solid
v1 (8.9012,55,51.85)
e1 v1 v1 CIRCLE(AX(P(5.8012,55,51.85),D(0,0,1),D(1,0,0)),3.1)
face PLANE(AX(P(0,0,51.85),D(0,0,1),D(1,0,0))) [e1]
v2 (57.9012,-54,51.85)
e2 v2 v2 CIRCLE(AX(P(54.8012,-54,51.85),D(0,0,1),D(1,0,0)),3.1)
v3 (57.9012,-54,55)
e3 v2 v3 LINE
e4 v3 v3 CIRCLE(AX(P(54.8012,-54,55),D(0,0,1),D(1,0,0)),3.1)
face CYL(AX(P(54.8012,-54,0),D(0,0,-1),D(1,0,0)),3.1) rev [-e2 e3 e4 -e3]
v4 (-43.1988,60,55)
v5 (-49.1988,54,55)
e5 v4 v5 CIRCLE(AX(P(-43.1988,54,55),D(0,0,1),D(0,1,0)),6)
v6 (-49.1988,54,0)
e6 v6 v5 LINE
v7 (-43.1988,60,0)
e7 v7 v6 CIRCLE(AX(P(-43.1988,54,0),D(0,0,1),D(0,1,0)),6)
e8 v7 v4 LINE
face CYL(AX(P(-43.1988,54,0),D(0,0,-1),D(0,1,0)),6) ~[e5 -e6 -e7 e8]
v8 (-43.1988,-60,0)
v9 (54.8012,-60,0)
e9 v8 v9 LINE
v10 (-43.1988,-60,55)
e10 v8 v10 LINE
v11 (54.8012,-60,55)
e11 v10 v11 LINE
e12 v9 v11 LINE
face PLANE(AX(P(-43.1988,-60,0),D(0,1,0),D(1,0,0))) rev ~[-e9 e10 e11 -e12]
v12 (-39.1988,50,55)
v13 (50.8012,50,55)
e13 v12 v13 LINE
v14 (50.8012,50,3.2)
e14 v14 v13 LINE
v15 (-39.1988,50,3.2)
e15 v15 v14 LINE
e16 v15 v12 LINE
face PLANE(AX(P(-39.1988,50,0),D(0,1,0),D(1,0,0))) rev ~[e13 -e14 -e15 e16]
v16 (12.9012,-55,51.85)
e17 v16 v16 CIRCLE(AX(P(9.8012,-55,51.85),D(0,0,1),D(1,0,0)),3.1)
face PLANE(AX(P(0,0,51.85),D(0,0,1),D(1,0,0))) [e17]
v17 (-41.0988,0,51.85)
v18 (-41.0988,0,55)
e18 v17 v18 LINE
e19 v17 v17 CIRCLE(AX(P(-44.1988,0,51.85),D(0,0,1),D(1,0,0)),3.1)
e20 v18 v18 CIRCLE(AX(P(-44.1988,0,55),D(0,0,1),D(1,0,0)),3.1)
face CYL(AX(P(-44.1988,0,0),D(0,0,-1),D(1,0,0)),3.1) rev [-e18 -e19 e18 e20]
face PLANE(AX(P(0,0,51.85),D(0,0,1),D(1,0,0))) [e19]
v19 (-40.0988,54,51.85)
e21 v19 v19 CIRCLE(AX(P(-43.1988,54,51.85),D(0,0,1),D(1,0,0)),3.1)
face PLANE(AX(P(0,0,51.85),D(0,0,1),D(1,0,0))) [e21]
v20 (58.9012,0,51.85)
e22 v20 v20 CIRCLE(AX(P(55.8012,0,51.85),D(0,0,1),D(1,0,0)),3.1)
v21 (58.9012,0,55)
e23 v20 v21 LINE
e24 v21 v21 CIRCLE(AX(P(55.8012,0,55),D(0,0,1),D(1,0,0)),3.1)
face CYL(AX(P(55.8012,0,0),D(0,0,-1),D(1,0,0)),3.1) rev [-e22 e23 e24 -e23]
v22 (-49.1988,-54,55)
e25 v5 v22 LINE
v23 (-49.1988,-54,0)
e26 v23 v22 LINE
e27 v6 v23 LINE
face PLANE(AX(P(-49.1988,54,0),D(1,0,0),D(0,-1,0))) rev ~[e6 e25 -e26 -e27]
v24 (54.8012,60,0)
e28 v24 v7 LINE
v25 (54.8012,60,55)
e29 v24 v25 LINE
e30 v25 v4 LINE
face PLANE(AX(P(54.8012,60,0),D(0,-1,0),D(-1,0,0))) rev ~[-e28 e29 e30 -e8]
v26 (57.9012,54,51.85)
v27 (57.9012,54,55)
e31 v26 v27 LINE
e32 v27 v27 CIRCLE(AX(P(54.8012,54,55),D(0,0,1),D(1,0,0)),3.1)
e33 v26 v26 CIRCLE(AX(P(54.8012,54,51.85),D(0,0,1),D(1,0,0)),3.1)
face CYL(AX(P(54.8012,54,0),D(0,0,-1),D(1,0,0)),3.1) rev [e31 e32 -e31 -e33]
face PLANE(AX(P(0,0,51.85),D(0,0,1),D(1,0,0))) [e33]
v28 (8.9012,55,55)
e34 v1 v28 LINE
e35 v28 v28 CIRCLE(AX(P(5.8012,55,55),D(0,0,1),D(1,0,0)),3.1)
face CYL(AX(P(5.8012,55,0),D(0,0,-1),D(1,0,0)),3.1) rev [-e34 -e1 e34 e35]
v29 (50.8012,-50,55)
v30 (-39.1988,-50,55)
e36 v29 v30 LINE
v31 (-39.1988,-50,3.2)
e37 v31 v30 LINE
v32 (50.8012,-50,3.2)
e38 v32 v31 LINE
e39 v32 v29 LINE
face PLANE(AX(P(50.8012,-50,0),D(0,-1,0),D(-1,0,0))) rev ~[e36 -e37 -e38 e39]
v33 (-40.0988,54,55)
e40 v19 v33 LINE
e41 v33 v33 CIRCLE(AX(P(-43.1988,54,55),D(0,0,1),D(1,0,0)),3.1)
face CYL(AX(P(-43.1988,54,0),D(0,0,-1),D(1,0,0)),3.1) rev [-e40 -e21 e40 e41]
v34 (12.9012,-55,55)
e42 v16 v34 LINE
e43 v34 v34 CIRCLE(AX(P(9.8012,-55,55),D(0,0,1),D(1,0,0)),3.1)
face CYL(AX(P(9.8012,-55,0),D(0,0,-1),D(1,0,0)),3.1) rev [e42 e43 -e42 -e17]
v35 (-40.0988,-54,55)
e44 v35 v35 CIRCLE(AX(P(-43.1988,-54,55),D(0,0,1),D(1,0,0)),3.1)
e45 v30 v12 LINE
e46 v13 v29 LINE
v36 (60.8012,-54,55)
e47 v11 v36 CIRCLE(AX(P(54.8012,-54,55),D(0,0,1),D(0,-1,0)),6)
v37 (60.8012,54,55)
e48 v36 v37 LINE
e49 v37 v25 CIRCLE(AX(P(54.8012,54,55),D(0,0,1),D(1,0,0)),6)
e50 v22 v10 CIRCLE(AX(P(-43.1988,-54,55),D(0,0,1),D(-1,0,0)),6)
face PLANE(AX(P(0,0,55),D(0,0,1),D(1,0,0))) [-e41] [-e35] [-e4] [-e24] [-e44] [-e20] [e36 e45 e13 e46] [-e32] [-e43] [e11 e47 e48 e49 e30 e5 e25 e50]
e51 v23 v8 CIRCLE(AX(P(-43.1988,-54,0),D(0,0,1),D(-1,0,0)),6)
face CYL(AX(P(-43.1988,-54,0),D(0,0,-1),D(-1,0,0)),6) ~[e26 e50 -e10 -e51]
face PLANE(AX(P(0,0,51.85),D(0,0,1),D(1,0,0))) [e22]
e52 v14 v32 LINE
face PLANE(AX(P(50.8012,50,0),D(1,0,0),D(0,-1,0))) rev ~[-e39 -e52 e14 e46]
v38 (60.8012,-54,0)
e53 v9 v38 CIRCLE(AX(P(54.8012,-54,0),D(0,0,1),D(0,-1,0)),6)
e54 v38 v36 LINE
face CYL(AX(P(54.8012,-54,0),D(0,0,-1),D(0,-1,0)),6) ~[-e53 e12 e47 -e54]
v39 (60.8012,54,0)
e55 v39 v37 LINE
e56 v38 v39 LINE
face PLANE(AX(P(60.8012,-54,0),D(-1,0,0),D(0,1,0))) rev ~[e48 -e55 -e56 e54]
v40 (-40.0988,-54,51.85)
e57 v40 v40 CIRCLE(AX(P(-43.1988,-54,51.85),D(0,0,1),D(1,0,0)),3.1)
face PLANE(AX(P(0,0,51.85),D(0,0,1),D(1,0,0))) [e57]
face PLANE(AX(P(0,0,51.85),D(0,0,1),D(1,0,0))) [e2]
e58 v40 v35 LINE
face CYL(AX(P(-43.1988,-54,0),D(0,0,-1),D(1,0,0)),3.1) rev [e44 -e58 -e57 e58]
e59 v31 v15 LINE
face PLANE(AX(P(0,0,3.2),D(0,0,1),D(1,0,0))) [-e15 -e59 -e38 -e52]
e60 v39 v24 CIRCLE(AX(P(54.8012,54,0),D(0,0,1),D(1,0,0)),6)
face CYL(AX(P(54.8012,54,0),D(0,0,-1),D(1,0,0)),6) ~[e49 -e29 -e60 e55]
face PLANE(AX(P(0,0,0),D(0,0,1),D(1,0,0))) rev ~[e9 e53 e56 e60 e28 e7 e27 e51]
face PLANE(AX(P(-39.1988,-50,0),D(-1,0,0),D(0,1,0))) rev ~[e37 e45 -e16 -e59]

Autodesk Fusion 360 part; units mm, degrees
sketch "Sketch1" plane through (0, 0, 0) normal (0, 0, 1) x (1, 0, 0)
  line L0 (-39.1988, 50) -> (50.8012, 50)
  line L1 (50.8012, 50) -> (50.8012, -50)
  line L2 (50.8012, -50) -> (-39.1988, -50)
  line L3 (-39.1988, -50) -> (-39.1988, 50)
  line L4 (-43.1988, -60) -> (54.8012, -60)
  line L5 (60.8012, -54) -> (60.8012, 54)
  line L6 (54.8012, 60) -> (-43.1988, 60)
  line L7 (-49.1988, 54) -> (-49.1988, -54)
  circle A0 centre (9.8012, -55) radius 3.1
  circle A1 centre (54.8012, -54) radius 3.1
  circle A2 centre (-43.1988, -54) radius 3.1
  circle A3 centre (55.8012, 0) radius 3.1
  circle A4 centre (54.8012, 54) radius 3.1
  circle A5 centre (-44.1988, 0) radius 3.1
  circle A6 centre (-43.1988, 54) radius 3.1
  circle A7 centre (5.8012, 55) radius 3.1
  arc A8 (-49.1988, -54) -> (-43.1988, -60) centre (-43.1988, -54) ccw
  arc A9 (54.8012, -60) -> (60.8012, -54) centre (54.8012, -54) ccw
  arc A10 (60.8012, 54) -> (54.8012, 60) centre (54.8012, 54) ccw
  arc A11 (-43.1988, 60) -> (-49.1988, 54) centre (-43.1988, 54) ccw
  dimension "d1" = 90
  dimension "d5" = 10
  dimension "d6" = 10
  dimension "d7" = 6.2
  dimension "d8" = 6.2
  dimension "d9" = 6.2
  dimension "d10" = 6
  dimension "d11" = 6
  dimension "d12" = 6
  dimension "d13" = 6
  dimension "d14" = 59
  dimension "d15" = 6.2
  dimension "d16" = 6.2
  dimension "d17" = 6
  dimension "d18" = 6
  dimension "d19" = 60
  dimension "d20" = 6.2
  dimension "d21" = 5
  dimension "d22" = 5
  dimension "d23" = 5
  dimension "d24" = 6.2
  dimension "d25" = 6
  dimension "d26" = 6
  dimension "d27" = 60
  dimension "d28" = 6.2
  dimension "d29" = 5
  dimension "d30" = 55
  dimension "d31" = 6
  dimension "d32" = 6
  dimension "d33" = 6
  dimension "d34" = 6
extrude "Extrude1" add sketch "Sketch1" along normal blind 55
extrude "Extrude2" add sketch "Sketch1" along normal blind 3.2 contours L0 L1 L2 L3
extrude "Extrude3" add sketch "Sketch1" along normal blind 51.85 contours A0 | A1 | A2 | A3 | A4 | A5 | A6 | A7
